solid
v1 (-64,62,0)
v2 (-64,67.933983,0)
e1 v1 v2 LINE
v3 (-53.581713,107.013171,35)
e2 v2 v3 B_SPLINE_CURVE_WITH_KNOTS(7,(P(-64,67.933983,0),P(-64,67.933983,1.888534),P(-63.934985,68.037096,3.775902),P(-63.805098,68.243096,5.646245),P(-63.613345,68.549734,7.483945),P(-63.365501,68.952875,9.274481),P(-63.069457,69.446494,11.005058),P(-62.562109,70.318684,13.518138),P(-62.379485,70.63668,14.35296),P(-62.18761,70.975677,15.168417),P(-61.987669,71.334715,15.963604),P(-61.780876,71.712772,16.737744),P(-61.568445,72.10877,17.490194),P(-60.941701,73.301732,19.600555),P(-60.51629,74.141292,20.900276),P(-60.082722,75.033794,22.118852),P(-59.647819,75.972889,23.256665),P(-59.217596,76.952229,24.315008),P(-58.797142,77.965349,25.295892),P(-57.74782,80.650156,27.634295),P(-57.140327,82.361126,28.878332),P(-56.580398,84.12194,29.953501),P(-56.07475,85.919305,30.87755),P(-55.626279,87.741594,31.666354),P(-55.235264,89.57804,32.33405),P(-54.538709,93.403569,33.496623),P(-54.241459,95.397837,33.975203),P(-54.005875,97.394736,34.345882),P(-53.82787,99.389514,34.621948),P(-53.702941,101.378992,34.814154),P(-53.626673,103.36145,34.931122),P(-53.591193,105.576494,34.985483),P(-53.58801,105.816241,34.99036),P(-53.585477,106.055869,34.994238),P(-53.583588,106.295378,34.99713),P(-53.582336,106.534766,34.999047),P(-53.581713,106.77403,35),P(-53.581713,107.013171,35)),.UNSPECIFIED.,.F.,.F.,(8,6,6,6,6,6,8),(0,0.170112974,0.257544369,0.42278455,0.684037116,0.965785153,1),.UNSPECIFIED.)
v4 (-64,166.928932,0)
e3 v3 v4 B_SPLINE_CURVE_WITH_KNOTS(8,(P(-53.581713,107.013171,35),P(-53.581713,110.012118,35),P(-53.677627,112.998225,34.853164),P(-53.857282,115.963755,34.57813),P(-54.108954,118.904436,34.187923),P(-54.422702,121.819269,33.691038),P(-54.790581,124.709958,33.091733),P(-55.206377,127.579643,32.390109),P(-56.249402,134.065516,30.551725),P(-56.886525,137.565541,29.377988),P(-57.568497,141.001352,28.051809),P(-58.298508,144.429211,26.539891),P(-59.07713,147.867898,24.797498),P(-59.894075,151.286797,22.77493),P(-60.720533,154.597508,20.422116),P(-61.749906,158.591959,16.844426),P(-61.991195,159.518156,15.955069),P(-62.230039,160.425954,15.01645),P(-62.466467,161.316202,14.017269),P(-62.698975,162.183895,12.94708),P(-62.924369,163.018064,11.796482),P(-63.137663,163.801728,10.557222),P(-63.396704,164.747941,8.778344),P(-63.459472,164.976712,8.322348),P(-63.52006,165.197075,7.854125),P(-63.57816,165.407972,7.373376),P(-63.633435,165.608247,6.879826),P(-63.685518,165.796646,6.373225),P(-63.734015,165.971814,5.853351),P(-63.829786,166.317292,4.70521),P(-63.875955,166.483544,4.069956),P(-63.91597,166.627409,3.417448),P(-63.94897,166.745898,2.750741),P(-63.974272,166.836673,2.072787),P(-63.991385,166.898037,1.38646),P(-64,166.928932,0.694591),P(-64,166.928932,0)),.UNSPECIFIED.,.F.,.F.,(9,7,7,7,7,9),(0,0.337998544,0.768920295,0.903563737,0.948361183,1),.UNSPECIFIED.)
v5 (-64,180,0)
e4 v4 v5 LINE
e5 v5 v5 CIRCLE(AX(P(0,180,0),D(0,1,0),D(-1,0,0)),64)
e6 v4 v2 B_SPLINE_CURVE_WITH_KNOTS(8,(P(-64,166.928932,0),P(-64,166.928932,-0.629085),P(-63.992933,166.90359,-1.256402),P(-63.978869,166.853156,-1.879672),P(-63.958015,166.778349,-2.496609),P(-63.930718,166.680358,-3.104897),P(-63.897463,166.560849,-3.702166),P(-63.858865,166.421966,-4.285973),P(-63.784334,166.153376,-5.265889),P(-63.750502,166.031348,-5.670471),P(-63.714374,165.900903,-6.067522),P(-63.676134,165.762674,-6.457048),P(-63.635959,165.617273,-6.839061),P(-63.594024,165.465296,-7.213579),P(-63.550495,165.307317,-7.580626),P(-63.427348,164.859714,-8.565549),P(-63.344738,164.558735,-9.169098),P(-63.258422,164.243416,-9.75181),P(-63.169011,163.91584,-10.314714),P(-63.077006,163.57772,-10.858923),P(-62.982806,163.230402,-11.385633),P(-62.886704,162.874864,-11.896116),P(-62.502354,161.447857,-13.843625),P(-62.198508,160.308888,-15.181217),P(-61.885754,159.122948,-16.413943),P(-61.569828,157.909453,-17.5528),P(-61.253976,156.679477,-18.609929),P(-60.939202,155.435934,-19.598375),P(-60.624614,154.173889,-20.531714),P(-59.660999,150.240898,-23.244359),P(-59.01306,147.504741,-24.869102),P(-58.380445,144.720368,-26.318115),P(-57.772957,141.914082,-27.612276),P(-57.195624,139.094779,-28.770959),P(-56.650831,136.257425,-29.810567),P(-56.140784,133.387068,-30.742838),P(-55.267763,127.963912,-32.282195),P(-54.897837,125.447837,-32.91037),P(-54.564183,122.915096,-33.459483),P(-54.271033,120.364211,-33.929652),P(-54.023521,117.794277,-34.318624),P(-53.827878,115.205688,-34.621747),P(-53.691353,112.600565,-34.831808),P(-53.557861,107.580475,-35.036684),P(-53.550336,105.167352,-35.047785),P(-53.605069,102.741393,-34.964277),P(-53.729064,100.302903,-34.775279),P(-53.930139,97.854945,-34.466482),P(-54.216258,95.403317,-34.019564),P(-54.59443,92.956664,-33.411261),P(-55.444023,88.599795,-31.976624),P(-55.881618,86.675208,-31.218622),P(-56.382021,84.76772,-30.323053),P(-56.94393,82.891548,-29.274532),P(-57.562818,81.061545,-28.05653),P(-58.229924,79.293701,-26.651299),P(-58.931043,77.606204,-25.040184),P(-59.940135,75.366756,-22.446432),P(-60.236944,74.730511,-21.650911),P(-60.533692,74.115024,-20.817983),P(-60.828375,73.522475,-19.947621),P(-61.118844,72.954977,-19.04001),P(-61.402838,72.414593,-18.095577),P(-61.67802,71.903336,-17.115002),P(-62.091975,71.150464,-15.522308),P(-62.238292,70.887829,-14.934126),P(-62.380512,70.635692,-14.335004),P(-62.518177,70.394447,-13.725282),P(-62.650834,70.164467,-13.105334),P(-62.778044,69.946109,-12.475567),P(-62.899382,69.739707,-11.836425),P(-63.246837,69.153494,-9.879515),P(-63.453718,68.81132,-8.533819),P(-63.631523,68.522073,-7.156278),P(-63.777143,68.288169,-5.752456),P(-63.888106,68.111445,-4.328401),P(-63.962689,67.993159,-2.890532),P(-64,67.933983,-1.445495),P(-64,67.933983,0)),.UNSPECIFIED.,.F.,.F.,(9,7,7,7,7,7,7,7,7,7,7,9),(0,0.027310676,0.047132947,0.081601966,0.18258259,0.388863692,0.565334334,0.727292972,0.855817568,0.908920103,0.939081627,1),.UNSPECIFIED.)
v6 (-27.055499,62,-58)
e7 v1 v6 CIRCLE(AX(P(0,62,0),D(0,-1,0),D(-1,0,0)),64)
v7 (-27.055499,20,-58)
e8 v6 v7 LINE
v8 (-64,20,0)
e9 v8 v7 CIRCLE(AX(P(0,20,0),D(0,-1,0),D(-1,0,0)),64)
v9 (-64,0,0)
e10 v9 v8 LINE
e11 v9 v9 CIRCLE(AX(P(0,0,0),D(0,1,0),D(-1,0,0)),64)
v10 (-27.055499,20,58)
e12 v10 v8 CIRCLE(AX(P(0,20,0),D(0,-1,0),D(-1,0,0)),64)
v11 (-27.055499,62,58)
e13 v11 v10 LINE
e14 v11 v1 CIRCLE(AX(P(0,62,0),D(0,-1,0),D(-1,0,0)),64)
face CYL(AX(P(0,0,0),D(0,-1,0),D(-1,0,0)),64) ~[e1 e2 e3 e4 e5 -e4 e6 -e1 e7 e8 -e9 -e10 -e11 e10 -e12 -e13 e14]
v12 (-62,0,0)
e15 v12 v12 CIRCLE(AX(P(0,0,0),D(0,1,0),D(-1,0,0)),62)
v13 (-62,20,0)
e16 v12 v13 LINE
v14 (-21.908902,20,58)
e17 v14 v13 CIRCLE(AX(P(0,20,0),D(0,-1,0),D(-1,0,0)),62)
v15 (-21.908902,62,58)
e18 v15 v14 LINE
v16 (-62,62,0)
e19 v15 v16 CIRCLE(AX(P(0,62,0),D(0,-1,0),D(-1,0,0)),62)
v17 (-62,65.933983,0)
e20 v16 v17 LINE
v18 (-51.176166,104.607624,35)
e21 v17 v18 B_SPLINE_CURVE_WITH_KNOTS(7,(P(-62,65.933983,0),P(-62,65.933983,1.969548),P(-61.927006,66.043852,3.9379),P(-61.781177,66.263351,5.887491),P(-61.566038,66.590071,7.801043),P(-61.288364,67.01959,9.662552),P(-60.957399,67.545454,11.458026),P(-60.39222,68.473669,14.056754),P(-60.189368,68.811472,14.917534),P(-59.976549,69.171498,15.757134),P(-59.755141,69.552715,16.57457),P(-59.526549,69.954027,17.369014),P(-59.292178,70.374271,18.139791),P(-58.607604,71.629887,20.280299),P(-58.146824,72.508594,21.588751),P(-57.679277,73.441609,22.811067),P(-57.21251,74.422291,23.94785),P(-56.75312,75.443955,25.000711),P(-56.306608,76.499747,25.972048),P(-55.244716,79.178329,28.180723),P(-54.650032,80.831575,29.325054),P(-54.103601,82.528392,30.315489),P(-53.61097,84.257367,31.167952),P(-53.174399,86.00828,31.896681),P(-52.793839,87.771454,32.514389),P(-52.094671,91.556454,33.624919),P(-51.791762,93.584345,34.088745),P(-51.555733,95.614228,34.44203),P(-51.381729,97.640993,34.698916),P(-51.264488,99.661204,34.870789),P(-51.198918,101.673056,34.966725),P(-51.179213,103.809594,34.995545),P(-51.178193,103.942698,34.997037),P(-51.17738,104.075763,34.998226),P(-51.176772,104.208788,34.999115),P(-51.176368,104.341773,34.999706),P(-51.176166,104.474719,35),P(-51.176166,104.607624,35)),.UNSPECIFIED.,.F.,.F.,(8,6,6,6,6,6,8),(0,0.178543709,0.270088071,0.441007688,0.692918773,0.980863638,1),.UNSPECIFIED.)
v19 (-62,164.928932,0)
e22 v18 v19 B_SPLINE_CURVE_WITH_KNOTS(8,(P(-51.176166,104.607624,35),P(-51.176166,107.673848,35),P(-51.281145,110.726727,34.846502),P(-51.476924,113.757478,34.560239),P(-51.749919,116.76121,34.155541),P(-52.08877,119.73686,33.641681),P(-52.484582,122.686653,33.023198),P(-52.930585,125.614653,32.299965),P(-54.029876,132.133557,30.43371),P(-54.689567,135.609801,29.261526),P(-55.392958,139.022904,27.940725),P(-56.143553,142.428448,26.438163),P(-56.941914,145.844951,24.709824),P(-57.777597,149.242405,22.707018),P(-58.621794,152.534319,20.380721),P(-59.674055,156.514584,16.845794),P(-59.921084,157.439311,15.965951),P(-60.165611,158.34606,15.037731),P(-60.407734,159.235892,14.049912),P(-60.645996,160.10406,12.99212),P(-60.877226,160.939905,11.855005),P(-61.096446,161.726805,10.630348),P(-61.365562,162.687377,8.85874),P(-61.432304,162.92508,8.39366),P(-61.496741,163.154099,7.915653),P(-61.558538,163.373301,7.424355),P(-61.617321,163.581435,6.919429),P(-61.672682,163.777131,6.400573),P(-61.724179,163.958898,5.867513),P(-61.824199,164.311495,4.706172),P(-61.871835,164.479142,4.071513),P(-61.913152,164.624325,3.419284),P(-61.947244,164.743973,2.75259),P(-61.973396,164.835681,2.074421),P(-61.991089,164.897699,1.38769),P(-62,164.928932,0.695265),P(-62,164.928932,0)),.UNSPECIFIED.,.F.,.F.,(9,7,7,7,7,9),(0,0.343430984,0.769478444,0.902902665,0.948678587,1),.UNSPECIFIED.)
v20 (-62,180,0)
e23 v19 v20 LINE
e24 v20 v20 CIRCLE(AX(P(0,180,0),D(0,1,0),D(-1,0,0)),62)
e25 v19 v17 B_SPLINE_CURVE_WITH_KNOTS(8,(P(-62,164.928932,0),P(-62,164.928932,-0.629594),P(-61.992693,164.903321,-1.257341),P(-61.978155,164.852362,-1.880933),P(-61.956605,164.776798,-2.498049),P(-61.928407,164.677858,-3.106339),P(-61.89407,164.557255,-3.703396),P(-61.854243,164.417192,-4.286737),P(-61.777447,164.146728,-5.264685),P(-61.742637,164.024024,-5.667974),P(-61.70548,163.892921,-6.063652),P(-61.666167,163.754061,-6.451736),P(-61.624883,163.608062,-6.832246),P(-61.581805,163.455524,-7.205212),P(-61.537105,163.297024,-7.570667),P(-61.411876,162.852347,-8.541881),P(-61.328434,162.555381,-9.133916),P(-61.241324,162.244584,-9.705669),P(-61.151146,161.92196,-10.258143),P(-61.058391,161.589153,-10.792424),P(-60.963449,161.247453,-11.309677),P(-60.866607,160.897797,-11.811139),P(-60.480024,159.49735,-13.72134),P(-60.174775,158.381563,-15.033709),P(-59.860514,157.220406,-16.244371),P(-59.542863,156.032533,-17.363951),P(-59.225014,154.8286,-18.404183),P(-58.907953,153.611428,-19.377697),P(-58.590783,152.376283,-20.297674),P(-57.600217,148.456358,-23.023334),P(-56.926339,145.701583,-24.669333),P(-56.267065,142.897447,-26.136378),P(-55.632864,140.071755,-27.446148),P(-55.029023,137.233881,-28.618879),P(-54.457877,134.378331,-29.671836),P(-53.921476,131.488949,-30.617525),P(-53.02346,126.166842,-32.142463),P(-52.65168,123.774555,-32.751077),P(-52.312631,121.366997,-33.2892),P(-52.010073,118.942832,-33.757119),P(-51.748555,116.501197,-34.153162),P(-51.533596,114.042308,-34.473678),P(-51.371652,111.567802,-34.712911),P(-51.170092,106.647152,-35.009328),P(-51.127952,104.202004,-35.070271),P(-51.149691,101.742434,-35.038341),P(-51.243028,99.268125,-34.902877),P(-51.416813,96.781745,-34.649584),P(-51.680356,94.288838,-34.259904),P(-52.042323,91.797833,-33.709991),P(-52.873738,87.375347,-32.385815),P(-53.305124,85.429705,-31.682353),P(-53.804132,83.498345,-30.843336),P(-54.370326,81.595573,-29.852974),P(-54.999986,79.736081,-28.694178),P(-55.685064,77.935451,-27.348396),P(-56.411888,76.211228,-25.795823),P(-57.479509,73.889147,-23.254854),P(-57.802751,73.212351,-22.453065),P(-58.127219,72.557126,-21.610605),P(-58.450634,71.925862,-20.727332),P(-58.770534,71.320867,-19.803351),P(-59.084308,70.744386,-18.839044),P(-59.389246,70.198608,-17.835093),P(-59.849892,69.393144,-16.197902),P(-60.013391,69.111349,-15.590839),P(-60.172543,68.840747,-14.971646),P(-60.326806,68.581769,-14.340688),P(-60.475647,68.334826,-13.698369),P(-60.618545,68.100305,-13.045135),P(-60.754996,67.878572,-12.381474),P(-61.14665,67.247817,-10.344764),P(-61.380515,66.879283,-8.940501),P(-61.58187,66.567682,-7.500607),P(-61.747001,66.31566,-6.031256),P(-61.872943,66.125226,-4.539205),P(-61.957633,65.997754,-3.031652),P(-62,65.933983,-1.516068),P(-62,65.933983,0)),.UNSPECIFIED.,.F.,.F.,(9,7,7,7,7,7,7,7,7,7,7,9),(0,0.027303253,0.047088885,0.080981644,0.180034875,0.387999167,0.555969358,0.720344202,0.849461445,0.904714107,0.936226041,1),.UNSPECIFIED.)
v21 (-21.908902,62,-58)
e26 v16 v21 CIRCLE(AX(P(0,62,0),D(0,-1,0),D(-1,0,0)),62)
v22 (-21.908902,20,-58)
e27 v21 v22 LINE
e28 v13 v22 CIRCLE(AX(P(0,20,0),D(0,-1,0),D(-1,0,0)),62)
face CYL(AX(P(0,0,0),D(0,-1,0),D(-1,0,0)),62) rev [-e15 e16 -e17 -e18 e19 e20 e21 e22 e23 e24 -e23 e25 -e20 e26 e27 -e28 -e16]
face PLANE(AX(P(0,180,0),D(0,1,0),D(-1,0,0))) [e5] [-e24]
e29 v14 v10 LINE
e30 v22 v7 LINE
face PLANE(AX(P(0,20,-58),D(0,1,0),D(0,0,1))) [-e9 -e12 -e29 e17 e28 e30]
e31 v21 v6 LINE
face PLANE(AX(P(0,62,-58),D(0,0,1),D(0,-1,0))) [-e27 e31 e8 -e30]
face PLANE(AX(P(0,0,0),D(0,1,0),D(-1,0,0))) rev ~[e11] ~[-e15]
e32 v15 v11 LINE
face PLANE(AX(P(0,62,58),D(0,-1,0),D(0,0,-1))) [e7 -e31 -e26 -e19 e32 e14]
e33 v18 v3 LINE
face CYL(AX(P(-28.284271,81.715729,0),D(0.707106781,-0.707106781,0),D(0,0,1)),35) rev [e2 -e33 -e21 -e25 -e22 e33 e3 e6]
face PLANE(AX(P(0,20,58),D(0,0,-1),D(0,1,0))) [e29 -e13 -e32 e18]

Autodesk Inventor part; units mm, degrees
ref_plane "XZ Plane" through (0, 0, 0) normal (0, 1, 0) x (-1, 0, 0)
ref_plane "XY Plane" through (0, 0, 0) normal (0, 0, 1) x (1, 0, 0)
sketch "Sketch1" plane through (0, 0, 0) normal (0, 1, 0) x (-1, 0, 0)
  circle A0 centre (0, 0) radius 62
  circle A1 centre (0, 0) radius 64
  dimension "d0" = 2
  dimension "d1" = 128
extrude "Extrusion1" add sketch "Sketch1" along normal blind 180
sketch "Sketch2" plane through (0, 0, 0) normal (1, 0, 0) x (0, 1, 0)
  line L0 (20, 58) -> (62, 58)
  line L1 (62, 58) -> (62, -58)
  line L2 (62, -58) -> (20, -58)
  line L3 (20, -58) -> (20, 58)
  line L4 (0, -64) -> (0, 64) projected
  point P0 (0, 0)
  point P1 (0, 0)
  point P2 (41, 58)
  dimension "d4" = 42
  dimension "d5" = 116
  dimension "d6" = 20
  dimension "d7" = 58
extrude "Extrusion2" cut sketch "Sketch2" against normal through all
sketch "Sketch3" plane through (0, 0, 0) normal (1, 0, 0) x (0, 1, 0)
  line L0 (110, -32.8663) -> (110, 39.5028)
  line L1 (0, -64) -> (0, 64) projected
  point P0 (0, 0)
  point P1 (110, 3.3182)
  dimension "d10" = 110
ref_plane "Work Plane1" through (0, 110, -32.8663) normal (-0.7071, 0.7071, 0) x (0, 0, 1)
sketch "Sketch4" plane through (0, 110, -32.8663) normal (-0.7071, 0.7071, 0) x (0, 0, 1)
  circle A0 centre (32.8663, -40) radius 35
  line L0 (0, 0) -> (72.3691, 0) construction
  point P0 (32.8663, -77.7817)
  point P1 (36.1845, 0)
  dimension "d12" = 70
  dimension "d15" = 40
extrude "Extrusion3" cut sketch "Sketch4" along normal through all
properties part number "Insulation Shaft"
